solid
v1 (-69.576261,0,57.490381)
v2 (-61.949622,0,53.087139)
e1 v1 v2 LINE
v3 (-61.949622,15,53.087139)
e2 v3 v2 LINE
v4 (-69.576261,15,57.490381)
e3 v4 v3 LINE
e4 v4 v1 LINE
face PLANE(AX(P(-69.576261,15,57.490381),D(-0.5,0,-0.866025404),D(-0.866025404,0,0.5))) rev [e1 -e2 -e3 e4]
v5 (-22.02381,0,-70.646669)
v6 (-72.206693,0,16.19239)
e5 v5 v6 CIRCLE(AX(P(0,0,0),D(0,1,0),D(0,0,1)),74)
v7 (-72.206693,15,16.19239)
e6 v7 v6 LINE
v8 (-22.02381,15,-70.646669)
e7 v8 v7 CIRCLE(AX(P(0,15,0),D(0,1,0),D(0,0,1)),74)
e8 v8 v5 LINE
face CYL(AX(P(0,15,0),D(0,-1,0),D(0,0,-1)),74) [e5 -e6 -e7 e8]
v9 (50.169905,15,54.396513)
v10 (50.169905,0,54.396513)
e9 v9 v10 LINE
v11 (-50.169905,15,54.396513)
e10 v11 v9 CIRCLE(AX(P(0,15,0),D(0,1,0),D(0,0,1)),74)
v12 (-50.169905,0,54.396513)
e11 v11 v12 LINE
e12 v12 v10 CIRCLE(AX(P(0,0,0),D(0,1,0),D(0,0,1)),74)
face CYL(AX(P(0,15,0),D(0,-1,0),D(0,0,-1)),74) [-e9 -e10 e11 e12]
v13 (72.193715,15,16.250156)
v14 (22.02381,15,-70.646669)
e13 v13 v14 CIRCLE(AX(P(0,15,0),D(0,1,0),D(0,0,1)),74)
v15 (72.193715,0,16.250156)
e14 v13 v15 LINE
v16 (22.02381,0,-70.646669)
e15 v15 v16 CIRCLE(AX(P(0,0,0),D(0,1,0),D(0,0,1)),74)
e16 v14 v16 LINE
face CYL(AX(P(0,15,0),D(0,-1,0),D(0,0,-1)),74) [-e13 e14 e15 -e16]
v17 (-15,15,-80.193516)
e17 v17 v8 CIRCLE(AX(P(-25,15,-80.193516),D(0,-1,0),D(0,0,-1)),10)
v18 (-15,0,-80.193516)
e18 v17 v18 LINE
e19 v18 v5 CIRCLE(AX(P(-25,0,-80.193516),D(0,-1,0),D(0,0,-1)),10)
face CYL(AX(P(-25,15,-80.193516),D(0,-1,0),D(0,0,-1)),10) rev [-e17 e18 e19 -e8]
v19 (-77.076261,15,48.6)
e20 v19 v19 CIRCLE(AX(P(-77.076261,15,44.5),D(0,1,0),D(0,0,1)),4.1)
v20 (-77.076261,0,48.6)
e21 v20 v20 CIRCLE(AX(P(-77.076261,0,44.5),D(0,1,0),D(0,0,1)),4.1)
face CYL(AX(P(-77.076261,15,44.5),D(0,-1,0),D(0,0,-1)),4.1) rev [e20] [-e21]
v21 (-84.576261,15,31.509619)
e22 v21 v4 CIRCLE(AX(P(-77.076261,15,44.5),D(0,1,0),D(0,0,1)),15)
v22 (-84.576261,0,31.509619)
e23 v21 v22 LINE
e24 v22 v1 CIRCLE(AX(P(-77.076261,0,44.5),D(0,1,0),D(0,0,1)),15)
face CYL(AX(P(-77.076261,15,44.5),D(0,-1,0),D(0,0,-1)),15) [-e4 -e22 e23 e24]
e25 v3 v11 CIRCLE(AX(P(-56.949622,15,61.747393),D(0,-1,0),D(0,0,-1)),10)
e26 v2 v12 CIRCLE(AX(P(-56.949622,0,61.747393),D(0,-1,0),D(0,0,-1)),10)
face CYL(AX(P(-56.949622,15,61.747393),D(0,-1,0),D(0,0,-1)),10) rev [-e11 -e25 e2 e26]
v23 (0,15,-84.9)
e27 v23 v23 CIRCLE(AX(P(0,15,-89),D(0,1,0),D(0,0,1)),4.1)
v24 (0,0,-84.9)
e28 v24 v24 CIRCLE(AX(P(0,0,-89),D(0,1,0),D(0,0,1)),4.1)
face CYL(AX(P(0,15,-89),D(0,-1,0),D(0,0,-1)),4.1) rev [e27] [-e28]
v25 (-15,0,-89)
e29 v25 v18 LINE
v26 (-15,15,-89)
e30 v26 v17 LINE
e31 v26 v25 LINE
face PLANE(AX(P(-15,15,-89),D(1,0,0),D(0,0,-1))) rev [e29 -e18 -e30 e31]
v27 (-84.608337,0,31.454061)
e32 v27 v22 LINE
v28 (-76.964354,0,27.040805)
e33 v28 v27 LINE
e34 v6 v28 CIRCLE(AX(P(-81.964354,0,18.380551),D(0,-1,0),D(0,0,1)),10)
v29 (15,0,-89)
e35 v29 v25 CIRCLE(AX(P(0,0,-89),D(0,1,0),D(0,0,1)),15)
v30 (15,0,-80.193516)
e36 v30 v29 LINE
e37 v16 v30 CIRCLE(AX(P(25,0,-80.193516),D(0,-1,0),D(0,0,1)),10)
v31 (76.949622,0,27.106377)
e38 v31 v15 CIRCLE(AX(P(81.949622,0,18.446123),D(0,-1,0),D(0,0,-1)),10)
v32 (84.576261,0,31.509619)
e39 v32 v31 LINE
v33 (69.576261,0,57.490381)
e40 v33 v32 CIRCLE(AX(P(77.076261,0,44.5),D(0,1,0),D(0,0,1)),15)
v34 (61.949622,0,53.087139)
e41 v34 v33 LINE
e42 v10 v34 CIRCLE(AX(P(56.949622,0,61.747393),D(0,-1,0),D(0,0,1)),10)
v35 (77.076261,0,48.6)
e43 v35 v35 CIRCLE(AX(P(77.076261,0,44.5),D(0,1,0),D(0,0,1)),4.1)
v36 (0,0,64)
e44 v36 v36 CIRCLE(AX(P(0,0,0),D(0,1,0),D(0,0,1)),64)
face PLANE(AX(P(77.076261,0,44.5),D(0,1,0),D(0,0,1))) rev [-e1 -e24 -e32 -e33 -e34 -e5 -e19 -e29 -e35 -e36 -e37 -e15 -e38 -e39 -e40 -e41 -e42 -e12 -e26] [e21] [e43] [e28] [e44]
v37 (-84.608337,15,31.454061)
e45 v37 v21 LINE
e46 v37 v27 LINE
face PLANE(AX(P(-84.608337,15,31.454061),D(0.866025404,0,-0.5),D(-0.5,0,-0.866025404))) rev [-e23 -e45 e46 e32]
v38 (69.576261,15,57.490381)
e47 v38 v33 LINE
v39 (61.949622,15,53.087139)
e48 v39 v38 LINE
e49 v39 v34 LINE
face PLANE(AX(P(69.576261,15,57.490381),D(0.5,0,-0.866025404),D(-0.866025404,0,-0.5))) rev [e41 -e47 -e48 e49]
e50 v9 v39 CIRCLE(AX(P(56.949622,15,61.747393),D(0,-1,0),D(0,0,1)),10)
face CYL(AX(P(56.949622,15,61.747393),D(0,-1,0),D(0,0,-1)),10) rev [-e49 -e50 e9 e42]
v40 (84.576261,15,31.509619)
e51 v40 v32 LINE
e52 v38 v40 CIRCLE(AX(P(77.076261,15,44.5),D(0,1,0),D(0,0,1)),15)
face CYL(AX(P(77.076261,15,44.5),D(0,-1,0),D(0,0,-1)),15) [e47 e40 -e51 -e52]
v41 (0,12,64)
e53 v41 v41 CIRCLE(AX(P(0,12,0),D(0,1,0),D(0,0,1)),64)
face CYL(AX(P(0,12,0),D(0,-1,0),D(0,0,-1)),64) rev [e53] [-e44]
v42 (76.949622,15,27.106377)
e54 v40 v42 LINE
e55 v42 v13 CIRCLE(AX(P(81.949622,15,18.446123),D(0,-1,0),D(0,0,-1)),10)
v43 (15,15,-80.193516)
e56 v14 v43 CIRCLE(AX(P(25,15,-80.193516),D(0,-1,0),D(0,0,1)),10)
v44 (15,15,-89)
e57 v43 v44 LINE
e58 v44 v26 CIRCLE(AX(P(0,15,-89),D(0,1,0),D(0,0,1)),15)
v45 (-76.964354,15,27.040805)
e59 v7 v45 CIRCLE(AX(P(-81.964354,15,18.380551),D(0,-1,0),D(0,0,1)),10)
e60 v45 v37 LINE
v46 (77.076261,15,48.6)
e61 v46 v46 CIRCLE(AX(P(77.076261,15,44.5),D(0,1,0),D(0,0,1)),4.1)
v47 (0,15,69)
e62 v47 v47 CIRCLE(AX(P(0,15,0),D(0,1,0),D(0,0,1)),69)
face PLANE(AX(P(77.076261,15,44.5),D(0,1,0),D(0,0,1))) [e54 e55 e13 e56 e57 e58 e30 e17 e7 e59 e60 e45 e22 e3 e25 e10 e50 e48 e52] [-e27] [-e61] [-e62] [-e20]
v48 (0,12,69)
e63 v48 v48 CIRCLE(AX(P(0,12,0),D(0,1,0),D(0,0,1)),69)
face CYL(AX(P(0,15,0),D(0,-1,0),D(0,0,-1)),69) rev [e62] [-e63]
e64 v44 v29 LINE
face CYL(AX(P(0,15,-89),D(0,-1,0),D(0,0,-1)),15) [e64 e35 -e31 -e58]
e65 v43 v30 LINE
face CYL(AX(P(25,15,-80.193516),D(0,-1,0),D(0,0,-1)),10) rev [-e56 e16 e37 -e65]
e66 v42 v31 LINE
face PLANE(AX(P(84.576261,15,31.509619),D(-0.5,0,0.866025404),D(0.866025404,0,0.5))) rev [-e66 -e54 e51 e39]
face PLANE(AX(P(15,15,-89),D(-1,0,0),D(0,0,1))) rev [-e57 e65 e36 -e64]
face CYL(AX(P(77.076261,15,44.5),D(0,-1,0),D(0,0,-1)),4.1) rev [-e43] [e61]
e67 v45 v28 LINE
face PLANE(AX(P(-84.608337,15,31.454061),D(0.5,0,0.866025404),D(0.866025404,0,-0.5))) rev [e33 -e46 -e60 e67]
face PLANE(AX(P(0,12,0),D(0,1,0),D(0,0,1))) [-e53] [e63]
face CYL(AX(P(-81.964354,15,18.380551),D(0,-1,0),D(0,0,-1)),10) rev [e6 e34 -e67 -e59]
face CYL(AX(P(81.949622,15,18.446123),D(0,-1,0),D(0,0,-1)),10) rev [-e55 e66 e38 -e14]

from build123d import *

# Parameters (mm, degrees)
SKETCH1_R           = 69
SKETCH1_R_2         = 4.1
BOSS_EXTRUDE1_DEPTH = 15
SKETCH2_R           = 69
SKETCH2_R_2         = 64
BOSS_EXTRUDE5_DEPTH = 12


with BuildPart() as part:
    # Sketch1 → Boss-Extrude1 (new body)
    with BuildSketch(Plane(origin=(0, 0, 0), x_dir=(1, 0, 0), z_dir=(0, 1, 0))):
        with BuildLine():
            Line((84.576260937, -31.509618943), (76.949622029, -27.106376917))
            ThreePointArc((76.949622029, -27.106376917), (72.790004977, -22.458779787), (72.193714645, -16.25015587))
            ThreePointArc((72.193714645, -16.25015587), (64.08587988, 37), (22.023809524, 70.646668811))
            ThreePointArc((22.023809524, 70.646668811), (16.945128655, 74.267383345), (15, 80.193515947))
            Line((15, 80.193515947), (15, 89))
            ThreePointArc((15, 89), (0, 104), (-15, 89))
            Line((-15, 89), (-15, 80.193515947))
            ThreePointArc((-15, 80.193515947), (-16.945128655, 74.267383345), (-22.023809524, 70.646668811))
            ThreePointArc((-22.023809524, 70.646668811), (-64.071073413, 37.025633711), (-72.206692839, -16.192390475))
            ThreePointArc((-72.206692839, -16.192390475), (-72.806342922, -22.396872115), (-76.964354033, -27.040805388))
            Line((-76.964354033, -27.040805388), (-84.608337243, -31.454061152))
            Line((-84.608337243, -31.454061152), (-84.576260937, -31.509618943))
            ThreePointArc((-84.576260937, -31.509618943), (-90.066641994, -52), (-69.576260937, -57.490381057))
            Line((-69.576260937, -57.490381057), (-61.949622029, -53.08713903))
            ThreePointArc((-61.949622029, -53.08713903), (-55.844876322, -51.808603558), (-50.169905121, -54.396512941))
            ThreePointArc((-50.169905121, -54.396512941), (0, -74), (50.169905121, -54.396512941))
            ThreePointArc((50.169905121, -54.396512941), (55.844876322, -51.808603558), (61.949622029, -53.08713903))
            Line((61.949622029, -53.08713903), (69.576260937, -57.490381057))
            ThreePointArc((69.576260937, -57.490381057), (90.066641994, -52), (84.576260937, -31.509618943))
        make_face()
        Circle(SKETCH1_R, mode=Mode.SUBTRACT)
        with Locations((-77.076260937, -44.5)):
            Circle(SKETCH1_R_2, mode=Mode.SUBTRACT)
        with Locations((77.076260937, -44.5)):
            Circle(SKETCH1_R_2, mode=Mode.SUBTRACT)
        with Locations((0, 89)):
            Circle(SKETCH1_R_2, mode=Mode.SUBTRACT)
    extrude(amount=BOSS_EXTRUDE1_DEPTH)

    # Sketch2 → Boss-Extrude5 (add)
    with BuildSketch(Plane(origin=(0, 0, 0), x_dir=(1, 0, 0), z_dir=(0, 1, 0))):
        Circle(SKETCH2_R)
        Circle(SKETCH2_R_2, mode=Mode.SUBTRACT)
    extrude(amount=BOSS_EXTRUDE5_DEPTH)


solid = part.part
